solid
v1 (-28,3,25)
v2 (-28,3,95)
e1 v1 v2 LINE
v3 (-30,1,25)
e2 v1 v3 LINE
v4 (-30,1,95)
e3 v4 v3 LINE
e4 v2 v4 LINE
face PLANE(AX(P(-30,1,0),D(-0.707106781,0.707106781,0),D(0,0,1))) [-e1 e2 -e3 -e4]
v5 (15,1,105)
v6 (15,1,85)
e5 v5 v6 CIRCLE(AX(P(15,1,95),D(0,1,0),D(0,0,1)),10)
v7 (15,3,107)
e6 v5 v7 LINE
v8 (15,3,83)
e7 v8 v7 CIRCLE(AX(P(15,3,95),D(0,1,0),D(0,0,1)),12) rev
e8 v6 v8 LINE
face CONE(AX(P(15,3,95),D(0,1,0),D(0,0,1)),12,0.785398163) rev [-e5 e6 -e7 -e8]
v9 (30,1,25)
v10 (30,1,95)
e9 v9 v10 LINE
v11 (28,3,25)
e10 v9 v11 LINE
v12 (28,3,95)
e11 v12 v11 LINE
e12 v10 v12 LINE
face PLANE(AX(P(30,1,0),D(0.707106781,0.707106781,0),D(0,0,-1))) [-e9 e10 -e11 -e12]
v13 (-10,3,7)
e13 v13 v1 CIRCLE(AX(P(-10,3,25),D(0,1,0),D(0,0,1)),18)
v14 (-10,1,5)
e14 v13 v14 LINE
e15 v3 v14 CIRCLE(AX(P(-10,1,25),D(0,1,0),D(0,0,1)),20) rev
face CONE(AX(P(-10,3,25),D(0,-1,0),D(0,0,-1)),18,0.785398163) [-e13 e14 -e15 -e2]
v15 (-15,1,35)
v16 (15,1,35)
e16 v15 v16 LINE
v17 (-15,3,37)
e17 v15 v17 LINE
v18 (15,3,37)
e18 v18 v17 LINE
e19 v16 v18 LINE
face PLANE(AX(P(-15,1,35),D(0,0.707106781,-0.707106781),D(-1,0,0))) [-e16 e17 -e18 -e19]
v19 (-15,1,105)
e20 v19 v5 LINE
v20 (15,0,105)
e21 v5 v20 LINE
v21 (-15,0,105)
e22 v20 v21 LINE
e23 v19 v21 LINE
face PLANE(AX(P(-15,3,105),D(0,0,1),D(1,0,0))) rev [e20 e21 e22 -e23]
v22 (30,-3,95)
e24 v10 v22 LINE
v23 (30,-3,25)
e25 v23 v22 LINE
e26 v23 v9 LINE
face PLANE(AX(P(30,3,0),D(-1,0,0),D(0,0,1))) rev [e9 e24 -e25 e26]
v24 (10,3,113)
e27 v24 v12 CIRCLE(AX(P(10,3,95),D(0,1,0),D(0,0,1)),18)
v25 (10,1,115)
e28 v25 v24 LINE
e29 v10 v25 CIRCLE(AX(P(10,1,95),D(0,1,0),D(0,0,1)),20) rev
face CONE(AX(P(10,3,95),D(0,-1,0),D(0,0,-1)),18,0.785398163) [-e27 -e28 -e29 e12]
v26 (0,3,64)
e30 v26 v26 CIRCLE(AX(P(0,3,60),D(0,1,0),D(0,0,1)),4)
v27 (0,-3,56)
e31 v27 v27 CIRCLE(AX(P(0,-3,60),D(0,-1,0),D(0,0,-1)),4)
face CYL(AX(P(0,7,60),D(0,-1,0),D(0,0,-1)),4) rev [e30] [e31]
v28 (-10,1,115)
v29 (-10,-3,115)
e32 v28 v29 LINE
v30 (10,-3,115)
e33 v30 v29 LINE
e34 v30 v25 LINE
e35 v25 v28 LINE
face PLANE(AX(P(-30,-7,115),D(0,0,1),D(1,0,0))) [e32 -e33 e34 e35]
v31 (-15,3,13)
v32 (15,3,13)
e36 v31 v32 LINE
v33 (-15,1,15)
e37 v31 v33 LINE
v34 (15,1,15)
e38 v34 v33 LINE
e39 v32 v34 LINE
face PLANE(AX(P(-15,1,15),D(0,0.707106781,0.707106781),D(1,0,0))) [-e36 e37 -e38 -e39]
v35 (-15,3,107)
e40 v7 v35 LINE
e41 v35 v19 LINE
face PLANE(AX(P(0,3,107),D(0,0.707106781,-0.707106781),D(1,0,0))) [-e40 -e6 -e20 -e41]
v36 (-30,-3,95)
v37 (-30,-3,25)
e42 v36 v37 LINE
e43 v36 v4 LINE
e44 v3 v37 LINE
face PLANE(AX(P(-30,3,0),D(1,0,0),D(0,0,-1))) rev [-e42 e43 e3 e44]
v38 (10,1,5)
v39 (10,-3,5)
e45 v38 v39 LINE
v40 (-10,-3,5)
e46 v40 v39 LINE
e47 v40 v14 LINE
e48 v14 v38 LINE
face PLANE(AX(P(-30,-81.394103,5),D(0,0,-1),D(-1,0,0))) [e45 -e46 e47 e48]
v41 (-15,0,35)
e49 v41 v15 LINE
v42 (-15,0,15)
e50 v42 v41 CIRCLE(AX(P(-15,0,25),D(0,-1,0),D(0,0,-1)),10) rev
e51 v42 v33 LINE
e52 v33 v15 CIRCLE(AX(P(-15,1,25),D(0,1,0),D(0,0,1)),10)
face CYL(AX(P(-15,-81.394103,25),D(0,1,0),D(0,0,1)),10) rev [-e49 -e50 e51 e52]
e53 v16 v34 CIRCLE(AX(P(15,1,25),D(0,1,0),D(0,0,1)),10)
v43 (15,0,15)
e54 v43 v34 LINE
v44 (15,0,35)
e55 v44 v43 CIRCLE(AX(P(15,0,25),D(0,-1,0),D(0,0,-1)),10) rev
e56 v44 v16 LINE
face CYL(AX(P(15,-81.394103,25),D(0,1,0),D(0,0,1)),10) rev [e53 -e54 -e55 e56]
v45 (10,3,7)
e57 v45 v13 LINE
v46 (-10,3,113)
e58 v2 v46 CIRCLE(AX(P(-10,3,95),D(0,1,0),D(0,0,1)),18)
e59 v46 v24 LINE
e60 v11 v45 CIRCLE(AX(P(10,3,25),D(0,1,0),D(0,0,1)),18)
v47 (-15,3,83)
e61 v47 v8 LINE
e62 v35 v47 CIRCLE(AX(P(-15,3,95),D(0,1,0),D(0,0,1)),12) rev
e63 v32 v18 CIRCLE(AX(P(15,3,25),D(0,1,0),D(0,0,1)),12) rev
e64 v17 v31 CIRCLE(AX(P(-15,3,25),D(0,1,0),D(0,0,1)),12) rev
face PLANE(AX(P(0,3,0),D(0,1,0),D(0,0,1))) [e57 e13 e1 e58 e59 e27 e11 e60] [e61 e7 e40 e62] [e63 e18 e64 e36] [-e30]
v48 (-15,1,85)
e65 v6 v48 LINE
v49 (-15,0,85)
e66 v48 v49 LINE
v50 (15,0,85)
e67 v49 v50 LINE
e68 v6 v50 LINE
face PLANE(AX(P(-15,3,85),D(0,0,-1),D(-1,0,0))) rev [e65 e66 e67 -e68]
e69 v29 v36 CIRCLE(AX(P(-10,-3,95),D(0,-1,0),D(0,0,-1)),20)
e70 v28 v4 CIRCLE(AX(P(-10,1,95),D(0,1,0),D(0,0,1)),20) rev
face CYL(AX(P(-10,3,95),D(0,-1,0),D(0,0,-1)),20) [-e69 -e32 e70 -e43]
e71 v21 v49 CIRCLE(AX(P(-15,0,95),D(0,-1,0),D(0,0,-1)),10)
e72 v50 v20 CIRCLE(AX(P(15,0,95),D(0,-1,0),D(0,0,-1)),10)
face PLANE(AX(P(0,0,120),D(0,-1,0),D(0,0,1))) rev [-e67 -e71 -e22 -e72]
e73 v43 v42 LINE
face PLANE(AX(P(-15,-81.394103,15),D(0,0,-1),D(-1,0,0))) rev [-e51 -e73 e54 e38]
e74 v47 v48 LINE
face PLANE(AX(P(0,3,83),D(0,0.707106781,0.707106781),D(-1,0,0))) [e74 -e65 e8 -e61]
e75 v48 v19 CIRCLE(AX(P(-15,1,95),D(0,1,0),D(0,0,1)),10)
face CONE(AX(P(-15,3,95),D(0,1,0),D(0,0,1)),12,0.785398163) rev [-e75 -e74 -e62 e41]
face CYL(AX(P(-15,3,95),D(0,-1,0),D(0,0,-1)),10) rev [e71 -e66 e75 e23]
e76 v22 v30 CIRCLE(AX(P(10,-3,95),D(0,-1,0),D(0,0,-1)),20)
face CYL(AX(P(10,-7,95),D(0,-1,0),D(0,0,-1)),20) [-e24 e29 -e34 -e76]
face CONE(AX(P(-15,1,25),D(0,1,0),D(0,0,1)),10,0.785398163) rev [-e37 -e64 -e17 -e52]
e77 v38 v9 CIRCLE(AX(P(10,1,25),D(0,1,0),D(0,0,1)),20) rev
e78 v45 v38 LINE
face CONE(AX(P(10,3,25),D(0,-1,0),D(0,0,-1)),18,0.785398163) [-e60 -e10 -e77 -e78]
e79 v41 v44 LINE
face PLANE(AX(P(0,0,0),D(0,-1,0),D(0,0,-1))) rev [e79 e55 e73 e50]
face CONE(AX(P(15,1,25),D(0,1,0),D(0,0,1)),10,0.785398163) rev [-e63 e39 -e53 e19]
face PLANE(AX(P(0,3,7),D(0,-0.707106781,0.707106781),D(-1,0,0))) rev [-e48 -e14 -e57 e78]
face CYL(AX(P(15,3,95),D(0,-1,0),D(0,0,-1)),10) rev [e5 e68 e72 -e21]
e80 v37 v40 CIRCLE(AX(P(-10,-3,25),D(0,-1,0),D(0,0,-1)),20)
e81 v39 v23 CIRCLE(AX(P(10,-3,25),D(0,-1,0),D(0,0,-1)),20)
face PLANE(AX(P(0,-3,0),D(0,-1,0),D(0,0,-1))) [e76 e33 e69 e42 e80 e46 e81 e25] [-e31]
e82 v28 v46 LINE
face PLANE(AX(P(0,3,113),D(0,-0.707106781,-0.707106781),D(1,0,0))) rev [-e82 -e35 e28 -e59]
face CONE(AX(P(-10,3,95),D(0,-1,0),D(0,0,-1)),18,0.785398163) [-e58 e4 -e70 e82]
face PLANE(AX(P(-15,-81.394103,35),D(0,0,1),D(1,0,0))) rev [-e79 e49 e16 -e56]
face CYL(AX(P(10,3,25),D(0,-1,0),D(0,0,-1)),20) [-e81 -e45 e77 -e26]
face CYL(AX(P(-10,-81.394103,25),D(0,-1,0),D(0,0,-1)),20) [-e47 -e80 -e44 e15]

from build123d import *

# Parameters (mm, degrees)
SKETCH1_W           = 60
SKETCH1_H           = 70
BOSS_EXTRUDE1_DEPTH = 3
SKETCH2_W           = 60
SKETCH2_H           = 140
BOSS_EXTRUDE2_DEPTH = 3
SKETCH4_W           = 60
SKETCH4_H           = 5
CUT_EXTRUDE1_DEPTH  = 10
CHAMFER2_SIZE       = 15
SKETCH5_R           = 4
CUT_EXTRUDE2_DEPTH  = 3
FILLET3_R           = 20
CHAMFER3_SIZE       = 1
SKETCH6_W           = 103.197432935
SKETCH6_H           = 87.20183083
CUT_EXTRUDE3_DEPTH  = 100
SKETCH7_W           = 60
SKETCH7_H           = 55
BOSS_EXTRUDE3_DEPTH = 3
SKETCH8_W           = 60
SKETCH8_H           = 55
BOSS_EXTRUDE4_DEPTH = 3
FILLET4_R           = 20
CHAMFER4_SIZE       = 2
SKETCH9_R           = 4
CUT_EXTRUDE4_DEPTH  = 10


with BuildPart() as part:
    # Sketch1 → Boss-Extrude1 (new body)
    with BuildSketch(Plane(origin=(0, 0, 0), x_dir=(1, 0, 0), z_dir=(0, 1, 0))):
        with Locations((0, -35)):
            Rectangle(SKETCH1_W, SKETCH1_H)
        with BuildLine():
            Line((-15, -35), (15, -35))
            ThreePointArc((15, -35), (25, -25), (15, -15))
            Line((15, -15), (-15, -15))
            ThreePointArc((-15, -15), (-25, -25), (-15, -35))
        make_face(mode=Mode.SUBTRACT)
    boss_extrude1 = extrude(amount=BOSS_EXTRUDE1_DEPTH)

    # Mirror1: Boss-Extrude1 across plane
    add(boss_extrude1.mirror(Plane(origin=(-30, 3, 70), x_dir=(1, 0, 0), z_dir=(0, 0, -1))))

    # Sketch2 → Boss-Extrude2 (add)
    with BuildSketch(Plane(origin=(0, 0, 0), x_dir=(-1, 0, 0), z_dir=(0, -1, 0))):
        with Locations((0, -70)):
            Rectangle(SKETCH2_W, SKETCH2_H)
    boss_extrude2 = extrude(amount=BOSS_EXTRUDE2_DEPTH)

    # Sketch4 → Cut-Extrude1 (cut)
    with BuildSketch(Plane(origin=(0, 3, 0), x_dir=(1, 0, 0), z_dir=(0, 1, 0))):
        with Locations((0, -2.5)):
            Rectangle(SKETCH4_W, SKETCH4_H)
        with Locations((0, -137.5)):
            Rectangle(SKETCH4_W, SKETCH4_H)
    cut_extrude1 = extrude(amount=-CUT_EXTRUDE1_DEPTH, mode=Mode.SUBTRACT)

    # Chamfer2
    chamfer2_edges = [part.edges().sort_by_distance(p)[0] for p in [
        (30, 0, 5),
        (-30, 0, 5),
        (30, 0, 135),
        (-30, 0, 135),
    ]]
    chamfer(chamfer2_edges, length=CHAMFER2_SIZE)

    # Sketch5 → Cut-Extrude2 (cut)
    with BuildSketch(Plane.XZ.offset(3)):
        with Locations((0, 70)):
            Circle(SKETCH5_R)
    extrude(amount=-CUT_EXTRUDE2_DEPTH, mode=Mode.SUBTRACT)

    # Fillet3
    fillet3_edges = [part.edges().sort_by_distance(p)[0] for p in [
        (-30, 0, 20),
        (-30, 0, 120),
        (15, 0, 135),
        (-15, 0, 135),
        (30, 0, 20),
        (30, 0, 120),
        (-15, 0, 5),
        (15, 0, 5),
    ]]
    fillet(fillet3_edges, radius=FILLET3_R)

    # Chamfer3
    chamfer3_edges = [part.edges().sort_by_distance(p)[0] for p in [
        (25, 3, 25),
        (0, 3, 15),
        (-25, 3, 25),
        (0, 3, 35),
        (30, 3, 70),
        (-30, 3, 70),
        (-22.5, 3, 127.5),
        (0, 3, 135),
        (22.5, 3, 127.5),
        (22.5, 3, 12.5),
        (0, 3, 5),
        (-22.5, 3, 12.5),
        (-14.3693974, 3, 133.47759065),
        (-28.47759065, 3, 119.3693974),
        (14.3693974, 3, 133.47759065),
        (28.47759065, 3, 119.3693974),
        (-28.47759065, 3, 20.6306026),
        (-14.3693974, 3, 6.52240935),
        (14.3693974, 3, 6.52240935),
        (28.47759065, 3, 20.6306026),
        (25, 3, 115),
        (0, 3, 125),
        (-25, 3, 115),
        (0, 3, 105),
    ]]
    chamfer(chamfer3_edges, length=CHAMFER3_SIZE)

    # Sketch6 → Cut-Extrude3 (cut)
    with BuildSketch(Plane(origin=(0, 3, 0), x_dir=(1, 0, 0), z_dir=(0, 1, 0))):
        with Locations((0.064498395, -103.600915415)):
            Rectangle(SKETCH6_W, SKETCH6_H)
    cut_extrude3 = extrude(amount=-CUT_EXTRUDE3_DEPTH, mode=Mode.SUBTRACT)

    # Mirror4: Boss-Extrude1, Boss-Extrude2, Cut-Extrude1, Cut-Extrude3 across plane
    add(boss_extrude1.mirror(Plane(origin=(-51.534218072, -97, 60), x_dir=(1, 0, 0), z_dir=(0, 0, -1))))
    add(boss_extrude2.mirror(Plane(origin=(-51.534218072, -97, 60), x_dir=(1, 0, 0), z_dir=(0, 0, -1))))
    add(cut_extrude1.mirror(Plane(origin=(-51.534218072, -97, 60), x_dir=(1, 0, 0), z_dir=(0, 0, -1))), mode=Mode.SUBTRACT)
    add(cut_extrude3.mirror(Plane(origin=(-51.534218072, -97, 60), x_dir=(1, 0, 0), z_dir=(0, 0, -1))), mode=Mode.SUBTRACT)

    # Sketch7 → Boss-Extrude3 (add)
    with BuildSketch(Plane(origin=(0, 3, 0), x_dir=(1, 0, 0), z_dir=(0, 1, 0))):
        with Locations((0, -32.5)):
            Rectangle(SKETCH7_W, SKETCH7_H)
        with BuildLine():
            Line((-15, -35), (15, -35))
            ThreePointArc((15, -35), (25, -25), (15, -15))
            Line((15, -15), (-15, -15))
            ThreePointArc((-15, -15), (-25, -25), (-15, -35))
        make_face(mode=Mode.SUBTRACT)
    extrude(amount=-BOSS_EXTRUDE3_DEPTH)

    # Sketch8 → Boss-Extrude4 (add)
    with BuildSketch(Plane(origin=(0, 0, 0), x_dir=(-1, 0, 0), z_dir=(0, -1, 0))):
        with Locations((0, -32.5)):
            Rectangle(SKETCH8_W, SKETCH8_H)
    extrude(amount=BOSS_EXTRUDE4_DEPTH)

    # Fillet4
    fillet4_edges = [part.edges().sort_by_distance(p)[0] for p in [
        (30, 0, 115),
        (-30, 0, 115),
        (-30, 0, 5),
        (30, 0, 5),
    ]]
    fillet(fillet4_edges, radius=FILLET4_R)

    # Chamfer4
    chamfer4_edges = [part.edges().sort_by_distance(p)[0] for p in [
        (25, 3, 95),
        (0, 3, 105),
        (-25, 3, 95),
        (0, 3, 85),
        (-25, 3, 25),
        (0, 3, 15),
        (25, 3, 25),
        (0, 3, 35),
        (0, 3, 115),
        (30, 3, 60),
        (0, 3, 5),
        (-30, 3, 60),
        (-24.142135624, 3, 10.857864376),
        (24.142135624, 3, 10.857864376),
        (-24.142135624, 3, 109.142135624),
        (24.142135624, 3, 109.142135624),
    ]]
    chamfer(chamfer4_edges, length=CHAMFER4_SIZE)

    # Sketch9 → Cut-Extrude4 (cut)
    with BuildSketch(Plane(origin=(0, -3, 0), x_dir=(-1, 0, 0), z_dir=(0, -1, 0))):
        with Locations((0, -60)):
            Circle(SKETCH9_R)
    extrude(amount=-CUT_EXTRUDE4_DEPTH, mode=Mode.SUBTRACT)


solid = part.part
